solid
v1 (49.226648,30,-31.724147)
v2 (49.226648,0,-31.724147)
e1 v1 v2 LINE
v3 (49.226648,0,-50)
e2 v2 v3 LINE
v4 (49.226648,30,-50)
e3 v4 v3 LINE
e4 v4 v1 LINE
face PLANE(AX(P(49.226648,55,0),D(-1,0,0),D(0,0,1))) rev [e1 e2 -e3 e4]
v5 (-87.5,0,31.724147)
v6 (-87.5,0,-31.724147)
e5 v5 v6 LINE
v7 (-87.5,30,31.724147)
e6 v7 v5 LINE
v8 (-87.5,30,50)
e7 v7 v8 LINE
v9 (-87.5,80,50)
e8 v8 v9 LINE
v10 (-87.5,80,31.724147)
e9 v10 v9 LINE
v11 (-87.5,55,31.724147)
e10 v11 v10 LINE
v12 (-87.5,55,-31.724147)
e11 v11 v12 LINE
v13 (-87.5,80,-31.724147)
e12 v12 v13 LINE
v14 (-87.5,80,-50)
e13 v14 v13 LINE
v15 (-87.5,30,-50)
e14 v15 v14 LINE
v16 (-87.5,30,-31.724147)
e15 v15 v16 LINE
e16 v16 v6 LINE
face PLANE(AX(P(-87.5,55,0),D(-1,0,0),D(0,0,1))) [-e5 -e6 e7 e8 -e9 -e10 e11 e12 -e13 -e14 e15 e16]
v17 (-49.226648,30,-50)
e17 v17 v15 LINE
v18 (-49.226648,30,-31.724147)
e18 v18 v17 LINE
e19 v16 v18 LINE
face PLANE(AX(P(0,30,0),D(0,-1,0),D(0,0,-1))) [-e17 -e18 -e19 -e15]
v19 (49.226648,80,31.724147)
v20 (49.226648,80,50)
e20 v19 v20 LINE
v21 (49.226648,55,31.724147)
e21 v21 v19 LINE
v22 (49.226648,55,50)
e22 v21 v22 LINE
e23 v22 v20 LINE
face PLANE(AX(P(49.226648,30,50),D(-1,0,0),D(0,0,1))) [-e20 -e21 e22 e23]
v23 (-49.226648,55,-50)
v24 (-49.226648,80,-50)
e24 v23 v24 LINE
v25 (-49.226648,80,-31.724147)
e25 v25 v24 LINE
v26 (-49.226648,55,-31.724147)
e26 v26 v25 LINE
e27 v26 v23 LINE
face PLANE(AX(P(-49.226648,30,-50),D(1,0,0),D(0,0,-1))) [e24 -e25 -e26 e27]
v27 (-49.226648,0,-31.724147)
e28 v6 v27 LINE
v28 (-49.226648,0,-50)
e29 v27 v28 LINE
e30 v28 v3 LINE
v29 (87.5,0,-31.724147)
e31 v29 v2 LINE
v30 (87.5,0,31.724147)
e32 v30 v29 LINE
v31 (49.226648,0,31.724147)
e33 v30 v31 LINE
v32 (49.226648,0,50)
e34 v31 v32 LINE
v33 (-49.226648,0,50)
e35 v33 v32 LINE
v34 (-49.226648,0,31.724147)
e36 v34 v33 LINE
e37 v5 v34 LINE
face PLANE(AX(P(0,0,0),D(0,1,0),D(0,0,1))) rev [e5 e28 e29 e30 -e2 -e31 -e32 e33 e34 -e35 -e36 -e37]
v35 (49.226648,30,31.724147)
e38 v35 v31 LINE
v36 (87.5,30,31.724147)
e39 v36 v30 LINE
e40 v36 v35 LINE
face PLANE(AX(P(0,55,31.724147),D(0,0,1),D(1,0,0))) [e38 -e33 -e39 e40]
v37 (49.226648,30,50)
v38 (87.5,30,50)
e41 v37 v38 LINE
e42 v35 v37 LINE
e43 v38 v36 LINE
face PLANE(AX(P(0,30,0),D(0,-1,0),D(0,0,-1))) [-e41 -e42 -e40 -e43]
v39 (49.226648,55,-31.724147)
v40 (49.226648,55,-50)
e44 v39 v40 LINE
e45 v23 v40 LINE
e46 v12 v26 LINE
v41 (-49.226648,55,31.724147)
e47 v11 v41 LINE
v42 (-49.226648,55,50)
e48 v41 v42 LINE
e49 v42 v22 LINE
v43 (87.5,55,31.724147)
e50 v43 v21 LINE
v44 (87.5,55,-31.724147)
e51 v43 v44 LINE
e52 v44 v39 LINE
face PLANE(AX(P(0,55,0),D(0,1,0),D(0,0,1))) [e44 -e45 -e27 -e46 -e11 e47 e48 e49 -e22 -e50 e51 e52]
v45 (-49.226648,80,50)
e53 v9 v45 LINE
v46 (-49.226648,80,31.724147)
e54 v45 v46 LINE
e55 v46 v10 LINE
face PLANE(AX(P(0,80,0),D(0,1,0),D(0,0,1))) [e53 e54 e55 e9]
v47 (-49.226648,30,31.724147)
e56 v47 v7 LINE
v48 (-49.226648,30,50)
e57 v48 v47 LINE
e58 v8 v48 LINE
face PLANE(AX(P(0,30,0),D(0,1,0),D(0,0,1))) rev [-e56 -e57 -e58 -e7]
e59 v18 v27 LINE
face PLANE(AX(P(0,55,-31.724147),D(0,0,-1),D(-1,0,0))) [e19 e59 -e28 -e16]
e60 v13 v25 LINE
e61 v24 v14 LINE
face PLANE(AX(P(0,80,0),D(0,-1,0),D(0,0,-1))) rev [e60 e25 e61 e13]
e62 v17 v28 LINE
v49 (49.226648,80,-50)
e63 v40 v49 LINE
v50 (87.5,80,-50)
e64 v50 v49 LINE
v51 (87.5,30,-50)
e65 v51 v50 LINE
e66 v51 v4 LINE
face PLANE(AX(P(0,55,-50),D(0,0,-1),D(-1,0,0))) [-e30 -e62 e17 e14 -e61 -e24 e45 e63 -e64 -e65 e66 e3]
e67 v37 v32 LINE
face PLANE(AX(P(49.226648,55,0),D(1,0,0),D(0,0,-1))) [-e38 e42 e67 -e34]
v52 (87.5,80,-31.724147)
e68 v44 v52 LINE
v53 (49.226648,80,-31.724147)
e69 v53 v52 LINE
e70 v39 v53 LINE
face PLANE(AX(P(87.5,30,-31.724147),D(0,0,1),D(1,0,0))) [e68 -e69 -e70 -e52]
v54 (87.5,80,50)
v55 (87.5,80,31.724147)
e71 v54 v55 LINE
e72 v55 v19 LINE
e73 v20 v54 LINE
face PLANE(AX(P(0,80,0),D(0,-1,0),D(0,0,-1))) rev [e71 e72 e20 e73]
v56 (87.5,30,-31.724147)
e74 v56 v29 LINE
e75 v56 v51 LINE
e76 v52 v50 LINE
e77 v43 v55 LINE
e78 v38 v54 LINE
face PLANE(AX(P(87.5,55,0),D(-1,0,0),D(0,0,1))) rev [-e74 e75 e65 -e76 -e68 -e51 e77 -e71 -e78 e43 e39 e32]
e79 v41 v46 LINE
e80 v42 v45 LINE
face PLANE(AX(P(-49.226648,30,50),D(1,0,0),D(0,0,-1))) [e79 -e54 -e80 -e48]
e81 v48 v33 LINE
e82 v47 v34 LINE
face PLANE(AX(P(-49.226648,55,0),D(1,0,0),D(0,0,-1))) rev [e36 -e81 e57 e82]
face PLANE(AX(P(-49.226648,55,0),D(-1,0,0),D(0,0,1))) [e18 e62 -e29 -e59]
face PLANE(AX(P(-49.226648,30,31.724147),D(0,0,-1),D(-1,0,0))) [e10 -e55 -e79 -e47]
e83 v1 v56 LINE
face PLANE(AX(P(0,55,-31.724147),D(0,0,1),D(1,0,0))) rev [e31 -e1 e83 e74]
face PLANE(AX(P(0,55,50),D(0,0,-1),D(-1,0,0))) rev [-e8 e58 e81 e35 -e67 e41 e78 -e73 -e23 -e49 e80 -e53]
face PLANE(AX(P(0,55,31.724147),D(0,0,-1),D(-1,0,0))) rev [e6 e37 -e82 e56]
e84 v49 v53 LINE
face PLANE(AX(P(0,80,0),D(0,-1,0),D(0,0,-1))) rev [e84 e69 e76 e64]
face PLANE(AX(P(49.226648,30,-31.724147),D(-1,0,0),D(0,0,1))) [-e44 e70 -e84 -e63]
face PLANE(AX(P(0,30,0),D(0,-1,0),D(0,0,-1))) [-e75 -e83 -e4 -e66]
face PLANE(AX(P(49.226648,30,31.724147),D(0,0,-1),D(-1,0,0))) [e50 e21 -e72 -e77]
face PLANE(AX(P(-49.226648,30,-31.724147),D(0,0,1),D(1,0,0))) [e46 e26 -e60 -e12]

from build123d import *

# Parameters (mm, degrees)
BOSS_EXTRUDE1_DEPTH      = 55
BOSS_EXTRUDE2_DEPTH      = 25
BOSS_EXTRUDE2_DEPTH_BACK = 25
SKETCH3_W                = 38.273351984
SKETCH3_H                = 18.275853279


with BuildPart() as part:
    # Sketch1 → Boss-Extrude1 (new body)
    with BuildSketch(Plane(origin=(0, 0, 0), x_dir=(1, 0, 0), z_dir=(0, 1, 0))):
        Polygon((87.5, -31.724146721), (87.5, 31.724146721), (49.226648016, 31.724146721), (49.226648016, 50), (-49.226648016, 50), (-49.226648016, 31.724146721), (-87.5, 31.724146721), (-87.5, -31.724146721), (-49.226648016, -31.724146721), (-49.226648016, -50), (49.226648016, -50), (49.226648016, -31.724146721), align=None)
    extrude(amount=BOSS_EXTRUDE1_DEPTH)

    # Sketch3 → Boss-Extrude2 (add, two sides: drawn at the far end of the back side and taken through both)
    with BuildSketch(Plane(origin=(0, 55, 0), x_dir=(1, 0, 0), z_dir=(0, 1, 0)).offset(-BOSS_EXTRUDE2_DEPTH_BACK)):
        with Locations((-68.363324008, 40.86207336)):
            Rectangle(SKETCH3_W, SKETCH3_H)
        with Locations((-68.363324008, -40.86207336)):
            Rectangle(SKETCH3_W, SKETCH3_H)
        with Locations((68.363324008, -40.86207336)):
            Rectangle(SKETCH3_W, SKETCH3_H)
        with Locations((68.363324008, 40.86207336)):
            Rectangle(SKETCH3_W, SKETCH3_H)
    extrude(amount=BOSS_EXTRUDE2_DEPTH + BOSS_EXTRUDE2_DEPTH_BACK)


solid = part.part
